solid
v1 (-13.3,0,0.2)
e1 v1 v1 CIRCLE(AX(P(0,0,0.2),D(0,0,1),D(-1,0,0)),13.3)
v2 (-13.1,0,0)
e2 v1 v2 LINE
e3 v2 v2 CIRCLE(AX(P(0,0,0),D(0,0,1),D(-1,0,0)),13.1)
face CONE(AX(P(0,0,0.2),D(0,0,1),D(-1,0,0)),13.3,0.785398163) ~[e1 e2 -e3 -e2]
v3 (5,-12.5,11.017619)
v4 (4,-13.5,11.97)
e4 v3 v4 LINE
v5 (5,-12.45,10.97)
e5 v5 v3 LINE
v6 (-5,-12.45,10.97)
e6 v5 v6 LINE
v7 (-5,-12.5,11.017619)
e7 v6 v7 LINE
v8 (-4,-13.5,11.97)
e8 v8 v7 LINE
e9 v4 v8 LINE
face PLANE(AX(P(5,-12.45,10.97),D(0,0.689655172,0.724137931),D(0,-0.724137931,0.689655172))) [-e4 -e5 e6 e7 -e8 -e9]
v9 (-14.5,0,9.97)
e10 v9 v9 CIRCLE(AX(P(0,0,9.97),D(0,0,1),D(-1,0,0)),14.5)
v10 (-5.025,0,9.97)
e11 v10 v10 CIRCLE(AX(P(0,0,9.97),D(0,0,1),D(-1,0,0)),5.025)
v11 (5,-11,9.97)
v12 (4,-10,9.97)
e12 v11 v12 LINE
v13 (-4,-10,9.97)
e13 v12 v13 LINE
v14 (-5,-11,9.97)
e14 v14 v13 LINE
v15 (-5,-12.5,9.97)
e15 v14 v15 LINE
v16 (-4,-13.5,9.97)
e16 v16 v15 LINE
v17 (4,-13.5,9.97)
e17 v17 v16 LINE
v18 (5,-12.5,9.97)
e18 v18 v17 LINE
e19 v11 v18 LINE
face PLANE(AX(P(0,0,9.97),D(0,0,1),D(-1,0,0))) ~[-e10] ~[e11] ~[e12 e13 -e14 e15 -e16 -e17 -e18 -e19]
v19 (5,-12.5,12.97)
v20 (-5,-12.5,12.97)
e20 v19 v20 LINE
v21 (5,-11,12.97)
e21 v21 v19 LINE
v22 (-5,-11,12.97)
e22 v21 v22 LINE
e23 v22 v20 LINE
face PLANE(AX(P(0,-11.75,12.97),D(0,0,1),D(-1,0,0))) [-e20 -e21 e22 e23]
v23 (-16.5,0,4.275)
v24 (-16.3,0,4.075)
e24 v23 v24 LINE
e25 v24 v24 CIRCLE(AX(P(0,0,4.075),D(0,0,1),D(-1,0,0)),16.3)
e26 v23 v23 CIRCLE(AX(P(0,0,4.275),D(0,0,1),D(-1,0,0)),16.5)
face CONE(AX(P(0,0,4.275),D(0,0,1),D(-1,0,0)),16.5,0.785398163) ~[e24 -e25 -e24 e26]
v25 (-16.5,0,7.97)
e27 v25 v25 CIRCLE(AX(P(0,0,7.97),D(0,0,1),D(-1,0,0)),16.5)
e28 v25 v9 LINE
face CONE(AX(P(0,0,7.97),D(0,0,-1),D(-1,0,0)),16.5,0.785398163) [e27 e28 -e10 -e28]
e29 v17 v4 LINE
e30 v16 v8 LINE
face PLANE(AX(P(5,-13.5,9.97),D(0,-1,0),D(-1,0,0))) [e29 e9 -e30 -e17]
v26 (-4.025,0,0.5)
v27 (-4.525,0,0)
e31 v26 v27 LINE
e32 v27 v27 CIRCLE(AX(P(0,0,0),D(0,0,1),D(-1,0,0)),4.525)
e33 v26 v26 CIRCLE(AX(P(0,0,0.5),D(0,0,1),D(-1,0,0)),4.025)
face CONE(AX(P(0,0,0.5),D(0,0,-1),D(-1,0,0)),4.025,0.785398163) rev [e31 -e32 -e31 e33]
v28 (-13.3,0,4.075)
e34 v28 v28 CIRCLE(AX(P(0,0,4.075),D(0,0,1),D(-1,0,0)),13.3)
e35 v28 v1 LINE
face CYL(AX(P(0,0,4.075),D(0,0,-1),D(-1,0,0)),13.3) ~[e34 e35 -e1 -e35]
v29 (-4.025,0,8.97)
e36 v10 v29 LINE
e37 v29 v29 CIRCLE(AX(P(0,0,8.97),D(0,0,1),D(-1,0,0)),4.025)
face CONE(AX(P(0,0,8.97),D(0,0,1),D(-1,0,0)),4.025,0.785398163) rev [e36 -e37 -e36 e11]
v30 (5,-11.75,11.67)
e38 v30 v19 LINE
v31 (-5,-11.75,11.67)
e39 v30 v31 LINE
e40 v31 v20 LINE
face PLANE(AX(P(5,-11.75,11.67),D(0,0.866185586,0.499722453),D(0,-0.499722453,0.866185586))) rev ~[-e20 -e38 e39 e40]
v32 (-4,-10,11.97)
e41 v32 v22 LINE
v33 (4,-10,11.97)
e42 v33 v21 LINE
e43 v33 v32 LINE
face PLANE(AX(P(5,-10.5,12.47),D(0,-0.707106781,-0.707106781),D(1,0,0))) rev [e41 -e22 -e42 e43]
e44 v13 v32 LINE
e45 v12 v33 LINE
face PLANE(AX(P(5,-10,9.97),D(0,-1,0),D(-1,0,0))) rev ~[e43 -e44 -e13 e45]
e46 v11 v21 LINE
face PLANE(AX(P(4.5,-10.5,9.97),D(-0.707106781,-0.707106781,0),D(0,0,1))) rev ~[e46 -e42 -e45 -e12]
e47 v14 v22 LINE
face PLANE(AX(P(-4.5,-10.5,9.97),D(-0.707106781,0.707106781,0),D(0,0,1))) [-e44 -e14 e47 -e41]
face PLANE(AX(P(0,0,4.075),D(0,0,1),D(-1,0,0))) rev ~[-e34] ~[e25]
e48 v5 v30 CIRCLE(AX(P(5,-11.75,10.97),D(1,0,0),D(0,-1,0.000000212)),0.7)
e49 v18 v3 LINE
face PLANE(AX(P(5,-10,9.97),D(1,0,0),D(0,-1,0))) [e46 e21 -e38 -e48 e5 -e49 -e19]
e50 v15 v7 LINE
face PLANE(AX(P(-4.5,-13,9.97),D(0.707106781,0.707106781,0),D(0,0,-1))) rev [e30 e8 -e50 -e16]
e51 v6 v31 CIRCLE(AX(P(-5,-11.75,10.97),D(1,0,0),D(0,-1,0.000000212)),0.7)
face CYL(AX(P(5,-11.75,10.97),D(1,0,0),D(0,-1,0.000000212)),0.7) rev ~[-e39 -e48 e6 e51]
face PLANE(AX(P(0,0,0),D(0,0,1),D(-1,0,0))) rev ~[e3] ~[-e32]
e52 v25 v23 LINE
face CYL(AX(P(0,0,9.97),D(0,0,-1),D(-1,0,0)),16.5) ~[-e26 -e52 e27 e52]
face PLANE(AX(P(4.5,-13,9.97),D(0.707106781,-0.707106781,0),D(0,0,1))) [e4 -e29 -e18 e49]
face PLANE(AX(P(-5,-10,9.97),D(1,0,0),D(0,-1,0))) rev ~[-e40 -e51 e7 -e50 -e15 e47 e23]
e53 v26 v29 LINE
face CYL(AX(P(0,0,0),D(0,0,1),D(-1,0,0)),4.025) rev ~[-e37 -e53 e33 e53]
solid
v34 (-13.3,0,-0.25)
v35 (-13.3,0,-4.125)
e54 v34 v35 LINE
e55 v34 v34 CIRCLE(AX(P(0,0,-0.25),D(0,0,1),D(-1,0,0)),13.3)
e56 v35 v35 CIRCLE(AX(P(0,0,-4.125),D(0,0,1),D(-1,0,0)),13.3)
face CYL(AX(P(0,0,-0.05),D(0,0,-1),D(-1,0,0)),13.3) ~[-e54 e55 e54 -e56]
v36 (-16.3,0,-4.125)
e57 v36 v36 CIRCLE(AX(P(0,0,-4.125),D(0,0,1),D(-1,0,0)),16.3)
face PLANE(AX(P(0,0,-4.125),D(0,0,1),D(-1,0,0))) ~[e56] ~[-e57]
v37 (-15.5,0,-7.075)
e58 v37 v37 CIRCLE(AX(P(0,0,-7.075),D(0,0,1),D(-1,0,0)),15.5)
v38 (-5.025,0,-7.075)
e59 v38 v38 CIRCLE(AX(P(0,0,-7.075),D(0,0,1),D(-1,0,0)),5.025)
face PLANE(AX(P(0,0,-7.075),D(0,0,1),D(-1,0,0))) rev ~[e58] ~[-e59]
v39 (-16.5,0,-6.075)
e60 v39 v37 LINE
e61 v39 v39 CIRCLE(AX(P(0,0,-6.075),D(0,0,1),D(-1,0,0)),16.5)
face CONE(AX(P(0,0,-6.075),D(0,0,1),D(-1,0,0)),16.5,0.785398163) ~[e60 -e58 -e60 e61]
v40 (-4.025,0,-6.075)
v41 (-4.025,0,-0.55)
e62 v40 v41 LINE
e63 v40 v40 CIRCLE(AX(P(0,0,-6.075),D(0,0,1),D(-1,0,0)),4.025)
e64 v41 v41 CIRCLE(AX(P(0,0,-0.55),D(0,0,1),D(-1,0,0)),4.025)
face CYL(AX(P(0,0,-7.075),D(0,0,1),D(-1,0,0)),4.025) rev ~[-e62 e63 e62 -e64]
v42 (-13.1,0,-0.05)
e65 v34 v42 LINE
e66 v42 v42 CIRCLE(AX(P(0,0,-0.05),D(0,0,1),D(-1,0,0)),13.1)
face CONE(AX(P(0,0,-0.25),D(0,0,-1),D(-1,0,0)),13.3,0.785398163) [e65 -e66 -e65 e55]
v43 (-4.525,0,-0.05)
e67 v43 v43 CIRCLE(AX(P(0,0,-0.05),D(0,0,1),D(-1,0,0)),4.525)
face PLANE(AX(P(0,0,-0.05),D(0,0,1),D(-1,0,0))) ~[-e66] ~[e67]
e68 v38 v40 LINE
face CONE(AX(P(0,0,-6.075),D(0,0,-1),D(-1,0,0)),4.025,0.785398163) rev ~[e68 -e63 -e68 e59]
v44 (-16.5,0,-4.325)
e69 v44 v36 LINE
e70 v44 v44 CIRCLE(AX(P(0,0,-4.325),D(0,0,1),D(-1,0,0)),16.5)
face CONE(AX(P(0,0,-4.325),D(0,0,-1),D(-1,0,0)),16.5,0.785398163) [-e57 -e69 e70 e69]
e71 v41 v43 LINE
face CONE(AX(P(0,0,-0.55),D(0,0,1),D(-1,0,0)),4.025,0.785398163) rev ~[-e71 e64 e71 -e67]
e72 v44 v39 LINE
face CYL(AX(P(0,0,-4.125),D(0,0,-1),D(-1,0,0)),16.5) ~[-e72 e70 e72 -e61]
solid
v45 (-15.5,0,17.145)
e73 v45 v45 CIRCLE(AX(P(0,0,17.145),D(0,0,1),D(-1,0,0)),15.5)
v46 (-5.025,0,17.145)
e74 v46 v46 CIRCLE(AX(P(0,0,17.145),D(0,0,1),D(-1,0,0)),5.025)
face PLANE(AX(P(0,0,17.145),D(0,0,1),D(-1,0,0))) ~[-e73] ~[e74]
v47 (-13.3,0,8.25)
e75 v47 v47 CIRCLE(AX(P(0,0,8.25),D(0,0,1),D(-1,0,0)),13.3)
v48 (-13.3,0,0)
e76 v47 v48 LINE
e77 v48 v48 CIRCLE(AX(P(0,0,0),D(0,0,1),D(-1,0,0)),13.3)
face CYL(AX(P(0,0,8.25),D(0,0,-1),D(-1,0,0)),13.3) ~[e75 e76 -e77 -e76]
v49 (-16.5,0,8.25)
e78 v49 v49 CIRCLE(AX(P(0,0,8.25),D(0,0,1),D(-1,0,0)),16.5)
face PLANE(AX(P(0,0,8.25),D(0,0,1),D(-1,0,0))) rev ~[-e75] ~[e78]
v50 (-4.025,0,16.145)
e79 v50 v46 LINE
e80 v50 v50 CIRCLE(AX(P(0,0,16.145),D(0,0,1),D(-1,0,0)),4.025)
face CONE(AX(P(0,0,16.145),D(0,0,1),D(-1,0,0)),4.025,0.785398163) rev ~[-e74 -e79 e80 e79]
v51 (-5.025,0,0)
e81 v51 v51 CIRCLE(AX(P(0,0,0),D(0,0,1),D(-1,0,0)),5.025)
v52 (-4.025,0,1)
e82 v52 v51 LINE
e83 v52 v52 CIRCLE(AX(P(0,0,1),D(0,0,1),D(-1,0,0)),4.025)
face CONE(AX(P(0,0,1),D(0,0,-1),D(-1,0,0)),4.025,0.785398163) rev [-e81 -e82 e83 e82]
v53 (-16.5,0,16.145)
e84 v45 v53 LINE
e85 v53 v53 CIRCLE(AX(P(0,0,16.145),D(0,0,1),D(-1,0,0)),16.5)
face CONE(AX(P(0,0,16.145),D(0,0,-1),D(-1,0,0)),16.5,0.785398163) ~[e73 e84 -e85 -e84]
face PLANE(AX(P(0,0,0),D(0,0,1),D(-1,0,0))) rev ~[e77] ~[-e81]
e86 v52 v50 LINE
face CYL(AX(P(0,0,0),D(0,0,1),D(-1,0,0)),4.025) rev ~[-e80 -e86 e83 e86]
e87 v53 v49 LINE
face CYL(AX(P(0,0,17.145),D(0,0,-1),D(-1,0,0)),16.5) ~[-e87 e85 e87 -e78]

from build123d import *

# Parameters (mm, degrees)
CHAMFER_SIZE    = 1
CHAMFER003_SIZE = 0.2
CHAMFER004_SIZE = 2
SKETCH003_W     = 10
SKETCH003_H     = 3.5
PAD_DEPTH       = 3
POCKET_DEPTH    = 10
CHAMFER005_SIZE = 1
CHAMFER006_SIZE = 1
CHAMFER007_SIZE = 0.5
CHAMFER001_SIZE = 1
CHAMFER002_SIZE = 0.2
CHAMFER008_SIZE = 0.5


with BuildPart() as body:
    # Sketch → Revolution (revolve)
    with BuildSketch(Plane.XZ):
        Polygon((-4.025, 0), (-4.025, 17.145), (-16.5, 17.145), (-16.5, 8.25), (-13.3, 8.25), (-13.3, 0), align=None)
    revolve(axis=Axis((0, 0, 0), (0, 0, 1)))

    # Chamfer
    chamfer_edges = [body.edges().sort_by_distance(p)[0] for p in [
        (16.5, 0, 17.145),
        (4.025, 0, 17.145),
        (4.025, 0, 0),
    ]]
    chamfer(chamfer_edges, length=CHAMFER_SIZE)


with BuildPart() as bushing_top:
    # Sketch001 → Revolution001 (revolve)
    with BuildSketch(Plane.XZ):
        Polygon((-4.025, 0), (-4.025, 9.97), (-16.5, 9.97), (-16.5, 4.075), (-13.3, 4.075), (-13.3, 0), align=None)
    revolve(axis=Axis((0, 0, 0), (0, 0, 1)))

    # Chamfer003
    chamfer003_edges = [bushing_top.edges().sort_by_distance(p)[0] for p in [
        (13.3, 0, 0),
        (16.5, 0, 4.075),
    ]]
    chamfer(chamfer003_edges, length=CHAMFER003_SIZE)

    # Chamfer004
    chamfer004_edges = [bushing_top.edges().sort_by_distance(p)[0] for p in [
        (16.5, 0, 9.97),
    ]]
    chamfer(chamfer004_edges, length=CHAMFER004_SIZE)

    # Sketch003 (on Face4 of Chamfer004) → Pad (new body)
    with BuildSketch(Plane(origin=(0, 0, 9.97), x_dir=(-1, 0, 0), z_dir=(0, 0, 1))):
        with Locations((0, 11.75)):
            Rectangle(SKETCH003_W, SKETCH003_H)
    extrude(amount=PAD_DEPTH)

    # Sketch004 (on Face10 of Pad) → Pocket (cut)
    with BuildSketch(Plane(origin=(5, 0, 0), x_dir=(0, 0, 1), z_dir=(1, 0, 0))):
        with BuildLine():
            ThreePointArc((10.97, 12.45), (10.475025, 11.255025), (11.67, 11.75))
            Line((11.67, 11.75), (12.97, 12.5))
            Line((12.97, 12.5), (12.97, 13.5))
            Line((12.97, 13.5), (11.97, 13.5))
            Line((10.97, 12.45), (11.97, 13.5))
        make_face()
    extrude(amount=-POCKET_DEPTH, mode=Mode.SUBTRACT)

    # Chamfer005
    chamfer005_edges = [bushing_top.edges().sort_by_distance(p)[0] for p in [
        (0, -10, 12.97),
        (5, -10, 11.47),
        (-5, -10, 11.47),
        (5, -13.5, 10.97),
        (-5, -13.5, 10.97),
    ]]
    chamfer(chamfer005_edges, length=CHAMFER005_SIZE)

    # Chamfer006
    chamfer006_edges = [bushing_top.edges().sort_by_distance(p)[0] for p in [
        (4.025, 0, 9.97),
    ]]
    chamfer(chamfer006_edges, length=CHAMFER006_SIZE)

    # Chamfer007
    chamfer007_edges = [bushing_top.edges().sort_by_distance(p)[0] for p in [
        (4.025, 0, 0),
    ]]
    chamfer(chamfer007_edges, length=CHAMFER007_SIZE)


with BuildPart() as bushing_bottom:
    # Sketch002 → Revolution002 (revolve)
    with BuildSketch(Plane.XZ):
        Polygon((-4.025, -0.05), (-13.3, -0.05), (-13.3, -4.125), (-16.5, -4.125), (-16.5, -7.075), (-4.025, -7.075), align=None)
    revolve(axis=Axis((0, 0, 0), (0, 0, 1)))

    # Chamfer001
    chamfer001_edges = [bushing_bottom.edges().sort_by_distance(p)[0] for p in [
        (4.025, 0, -7.075),
        (16.5, 0, -7.075),
    ]]
    chamfer(chamfer001_edges, length=CHAMFER001_SIZE)

    # Chamfer002
    chamfer002_edges = [bushing_bottom.edges().sort_by_distance(p)[0] for p in [
        (13.3, 0, -0.05),
        (16.5, 0, -4.125),
    ]]
    chamfer(chamfer002_edges, length=CHAMFER002_SIZE)

    # Chamfer008
    chamfer008_edges = [bushing_bottom.edges().sort_by_distance(p)[0] for p in [
        (4.025, 0, -0.05),
    ]]
    chamfer(chamfer008_edges, length=CHAMFER008_SIZE)


solid = Compound([body.part, bushing_top.part, bushing_bottom.part])
